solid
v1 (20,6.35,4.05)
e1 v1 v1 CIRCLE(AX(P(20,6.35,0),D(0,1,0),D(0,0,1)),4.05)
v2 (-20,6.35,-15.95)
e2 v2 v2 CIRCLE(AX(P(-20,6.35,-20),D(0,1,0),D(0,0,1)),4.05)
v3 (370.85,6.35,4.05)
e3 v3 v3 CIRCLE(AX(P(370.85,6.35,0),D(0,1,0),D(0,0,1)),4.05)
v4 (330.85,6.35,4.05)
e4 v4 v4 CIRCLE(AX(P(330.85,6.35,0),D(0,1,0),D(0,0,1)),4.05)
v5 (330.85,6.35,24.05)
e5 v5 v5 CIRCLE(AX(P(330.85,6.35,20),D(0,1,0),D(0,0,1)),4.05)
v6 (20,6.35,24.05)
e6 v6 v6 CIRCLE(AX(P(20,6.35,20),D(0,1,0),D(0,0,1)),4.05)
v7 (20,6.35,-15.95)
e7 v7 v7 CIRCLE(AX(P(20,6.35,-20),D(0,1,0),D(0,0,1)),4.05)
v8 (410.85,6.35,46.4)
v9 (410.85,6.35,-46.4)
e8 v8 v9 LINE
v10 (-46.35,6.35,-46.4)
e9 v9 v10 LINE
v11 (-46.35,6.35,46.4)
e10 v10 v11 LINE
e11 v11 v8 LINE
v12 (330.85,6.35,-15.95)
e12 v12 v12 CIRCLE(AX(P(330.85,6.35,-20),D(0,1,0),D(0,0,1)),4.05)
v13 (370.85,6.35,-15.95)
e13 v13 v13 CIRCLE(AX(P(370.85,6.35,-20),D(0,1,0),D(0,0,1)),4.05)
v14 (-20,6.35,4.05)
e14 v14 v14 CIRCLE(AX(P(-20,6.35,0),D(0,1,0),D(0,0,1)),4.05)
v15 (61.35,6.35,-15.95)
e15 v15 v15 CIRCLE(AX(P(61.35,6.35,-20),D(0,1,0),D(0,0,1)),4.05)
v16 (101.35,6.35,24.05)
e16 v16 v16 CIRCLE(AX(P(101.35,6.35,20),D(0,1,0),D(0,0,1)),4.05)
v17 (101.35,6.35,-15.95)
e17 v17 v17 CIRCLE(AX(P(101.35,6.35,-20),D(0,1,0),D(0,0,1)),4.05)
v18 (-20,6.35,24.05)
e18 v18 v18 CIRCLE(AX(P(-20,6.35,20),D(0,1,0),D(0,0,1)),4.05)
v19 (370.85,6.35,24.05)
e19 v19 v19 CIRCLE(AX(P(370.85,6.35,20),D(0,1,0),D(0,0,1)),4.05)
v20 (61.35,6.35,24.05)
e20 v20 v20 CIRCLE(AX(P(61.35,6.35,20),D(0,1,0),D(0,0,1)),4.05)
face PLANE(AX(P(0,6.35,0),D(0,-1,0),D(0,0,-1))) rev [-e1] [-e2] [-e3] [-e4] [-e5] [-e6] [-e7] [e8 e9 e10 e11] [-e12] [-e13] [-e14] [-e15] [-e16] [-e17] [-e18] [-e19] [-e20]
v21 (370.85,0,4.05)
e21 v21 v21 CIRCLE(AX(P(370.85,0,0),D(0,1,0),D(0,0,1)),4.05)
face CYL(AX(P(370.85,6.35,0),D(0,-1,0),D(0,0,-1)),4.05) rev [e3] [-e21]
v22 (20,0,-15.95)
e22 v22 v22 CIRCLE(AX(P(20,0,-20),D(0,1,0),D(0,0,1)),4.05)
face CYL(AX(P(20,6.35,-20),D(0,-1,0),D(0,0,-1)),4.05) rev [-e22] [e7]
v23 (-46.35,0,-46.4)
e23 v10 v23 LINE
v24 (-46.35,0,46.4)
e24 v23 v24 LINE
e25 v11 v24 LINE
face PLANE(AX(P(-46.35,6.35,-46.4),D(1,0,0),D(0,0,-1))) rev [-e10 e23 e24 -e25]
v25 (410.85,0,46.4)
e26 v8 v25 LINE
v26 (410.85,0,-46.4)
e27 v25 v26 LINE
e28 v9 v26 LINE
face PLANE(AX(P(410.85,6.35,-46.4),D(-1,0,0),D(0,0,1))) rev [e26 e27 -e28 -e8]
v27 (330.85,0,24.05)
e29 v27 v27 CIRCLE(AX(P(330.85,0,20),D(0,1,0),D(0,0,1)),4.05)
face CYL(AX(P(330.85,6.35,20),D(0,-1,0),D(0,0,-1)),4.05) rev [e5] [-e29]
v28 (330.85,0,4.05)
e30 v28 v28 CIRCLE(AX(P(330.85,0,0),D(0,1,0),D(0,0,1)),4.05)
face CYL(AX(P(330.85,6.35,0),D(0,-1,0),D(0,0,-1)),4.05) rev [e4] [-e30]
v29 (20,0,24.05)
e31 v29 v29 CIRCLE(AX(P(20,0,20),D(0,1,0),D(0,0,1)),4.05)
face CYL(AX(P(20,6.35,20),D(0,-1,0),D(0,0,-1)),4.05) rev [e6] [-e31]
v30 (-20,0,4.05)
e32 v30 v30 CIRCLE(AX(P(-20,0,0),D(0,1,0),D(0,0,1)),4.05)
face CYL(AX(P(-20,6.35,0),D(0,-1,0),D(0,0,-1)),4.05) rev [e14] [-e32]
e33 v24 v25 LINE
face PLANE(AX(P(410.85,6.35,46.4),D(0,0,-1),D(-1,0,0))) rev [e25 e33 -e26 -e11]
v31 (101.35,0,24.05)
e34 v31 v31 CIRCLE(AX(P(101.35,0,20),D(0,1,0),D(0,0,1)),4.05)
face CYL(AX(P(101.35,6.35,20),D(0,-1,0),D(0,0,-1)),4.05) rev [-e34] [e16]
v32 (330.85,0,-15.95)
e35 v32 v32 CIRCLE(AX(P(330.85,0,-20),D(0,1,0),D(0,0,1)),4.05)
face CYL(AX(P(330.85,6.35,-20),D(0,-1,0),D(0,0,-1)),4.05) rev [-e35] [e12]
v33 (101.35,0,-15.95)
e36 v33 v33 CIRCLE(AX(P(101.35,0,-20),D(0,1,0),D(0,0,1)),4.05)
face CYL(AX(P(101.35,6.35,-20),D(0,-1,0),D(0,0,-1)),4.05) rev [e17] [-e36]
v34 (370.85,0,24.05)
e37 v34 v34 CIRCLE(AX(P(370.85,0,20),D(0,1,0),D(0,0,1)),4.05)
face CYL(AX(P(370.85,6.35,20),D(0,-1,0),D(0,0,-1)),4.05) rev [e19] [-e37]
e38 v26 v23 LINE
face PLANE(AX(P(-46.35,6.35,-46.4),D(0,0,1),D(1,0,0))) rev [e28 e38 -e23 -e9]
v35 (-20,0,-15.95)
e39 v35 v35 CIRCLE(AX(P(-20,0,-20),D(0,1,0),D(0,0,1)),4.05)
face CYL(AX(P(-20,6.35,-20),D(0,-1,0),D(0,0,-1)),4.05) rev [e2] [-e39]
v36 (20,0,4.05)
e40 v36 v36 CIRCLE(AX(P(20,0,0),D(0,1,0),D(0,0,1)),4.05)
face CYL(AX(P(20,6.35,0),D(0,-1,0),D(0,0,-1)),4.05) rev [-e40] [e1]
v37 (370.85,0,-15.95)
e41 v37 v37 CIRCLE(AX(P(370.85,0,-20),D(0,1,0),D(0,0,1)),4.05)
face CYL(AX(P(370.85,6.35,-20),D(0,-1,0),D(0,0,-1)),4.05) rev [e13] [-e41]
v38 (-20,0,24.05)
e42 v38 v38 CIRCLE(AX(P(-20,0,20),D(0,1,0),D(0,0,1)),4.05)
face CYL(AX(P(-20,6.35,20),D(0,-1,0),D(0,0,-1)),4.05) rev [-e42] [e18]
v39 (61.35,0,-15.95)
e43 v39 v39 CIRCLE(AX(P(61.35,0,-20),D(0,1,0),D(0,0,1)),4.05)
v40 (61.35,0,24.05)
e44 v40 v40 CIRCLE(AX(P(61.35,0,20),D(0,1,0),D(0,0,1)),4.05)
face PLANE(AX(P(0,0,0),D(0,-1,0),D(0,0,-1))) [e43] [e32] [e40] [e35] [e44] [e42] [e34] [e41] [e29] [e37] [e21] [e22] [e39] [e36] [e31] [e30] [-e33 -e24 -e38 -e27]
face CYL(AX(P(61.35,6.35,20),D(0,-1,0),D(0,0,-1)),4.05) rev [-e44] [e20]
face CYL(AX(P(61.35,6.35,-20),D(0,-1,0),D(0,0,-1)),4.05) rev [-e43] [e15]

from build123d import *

# Parameters (mm, degrees)
SKETCH1_W           = 457.2
SKETCH1_H           = 92.8
SKETCH1_R           = 4.05
BOSS_EXTRUDE1_DEPTH = 6.35


with BuildPart() as part:
    # Sketch1 → Boss-Extrude1 (new body)
    with BuildSketch(Plane(origin=(0, 0, 0), x_dir=(1, 0, 0), z_dir=(0, 1, 0))):
        with Locations((182.25, 0)):
            Rectangle(SKETCH1_W, SKETCH1_H)
        with Locations(Location((-20, 20, 0), (0, 0, 270))):
            Circle(SKETCH1_R, mode=Mode.SUBTRACT)
        with Locations(Location((20, 20, 0), (0, 0, 270))):
            Circle(SKETCH1_R, mode=Mode.SUBTRACT)
        with Locations(Location((20, -20, 0), (0, 0, 270))):
            Circle(SKETCH1_R, mode=Mode.SUBTRACT)
        with Locations(Location((-20, -20, 0), (0, 0, 270))):
            Circle(SKETCH1_R, mode=Mode.SUBTRACT)
        with Locations(Location((-20, 0, 0), (0, 0, 270))):
            Circle(SKETCH1_R, mode=Mode.SUBTRACT)
        with Locations(Location((20, 0, 0), (0, 0, 270))):
            Circle(SKETCH1_R, mode=Mode.SUBTRACT)
        with Locations(Location((330.85, 20, 0), (0, 0, 270))):
            Circle(SKETCH1_R, mode=Mode.SUBTRACT)
        with Locations(Location((370.85, 20, 0), (0, 0, 270))):
            Circle(SKETCH1_R, mode=Mode.SUBTRACT)
        with Locations(Location((370.85, -20, 0), (0, 0, 270))):
            Circle(SKETCH1_R, mode=Mode.SUBTRACT)
        with Locations(Location((330.85, -20, 0), (0, 0, 270))):
            Circle(SKETCH1_R, mode=Mode.SUBTRACT)
        with Locations(Location((330.85, 0, 0), (0, 0, 270))):
            Circle(SKETCH1_R, mode=Mode.SUBTRACT)
        with Locations(Location((370.85, 0, 0), (0, 0, 270))):
            Circle(SKETCH1_R, mode=Mode.SUBTRACT)
        with Locations(Location((61.35, 20, 0), (0, 0, 270))):
            Circle(SKETCH1_R, mode=Mode.SUBTRACT)
        with Locations(Location((101.35, 20, 0), (0, 0, 270))):
            Circle(SKETCH1_R, mode=Mode.SUBTRACT)
        with Locations(Location((101.35, -20, 0), (0, 0, 270))):
            Circle(SKETCH1_R, mode=Mode.SUBTRACT)
        with Locations(Location((61.35, -20, 0), (0, 0, 270))):
            Circle(SKETCH1_R, mode=Mode.SUBTRACT)
    extrude(amount=BOSS_EXTRUDE1_DEPTH)


solid = part.part
